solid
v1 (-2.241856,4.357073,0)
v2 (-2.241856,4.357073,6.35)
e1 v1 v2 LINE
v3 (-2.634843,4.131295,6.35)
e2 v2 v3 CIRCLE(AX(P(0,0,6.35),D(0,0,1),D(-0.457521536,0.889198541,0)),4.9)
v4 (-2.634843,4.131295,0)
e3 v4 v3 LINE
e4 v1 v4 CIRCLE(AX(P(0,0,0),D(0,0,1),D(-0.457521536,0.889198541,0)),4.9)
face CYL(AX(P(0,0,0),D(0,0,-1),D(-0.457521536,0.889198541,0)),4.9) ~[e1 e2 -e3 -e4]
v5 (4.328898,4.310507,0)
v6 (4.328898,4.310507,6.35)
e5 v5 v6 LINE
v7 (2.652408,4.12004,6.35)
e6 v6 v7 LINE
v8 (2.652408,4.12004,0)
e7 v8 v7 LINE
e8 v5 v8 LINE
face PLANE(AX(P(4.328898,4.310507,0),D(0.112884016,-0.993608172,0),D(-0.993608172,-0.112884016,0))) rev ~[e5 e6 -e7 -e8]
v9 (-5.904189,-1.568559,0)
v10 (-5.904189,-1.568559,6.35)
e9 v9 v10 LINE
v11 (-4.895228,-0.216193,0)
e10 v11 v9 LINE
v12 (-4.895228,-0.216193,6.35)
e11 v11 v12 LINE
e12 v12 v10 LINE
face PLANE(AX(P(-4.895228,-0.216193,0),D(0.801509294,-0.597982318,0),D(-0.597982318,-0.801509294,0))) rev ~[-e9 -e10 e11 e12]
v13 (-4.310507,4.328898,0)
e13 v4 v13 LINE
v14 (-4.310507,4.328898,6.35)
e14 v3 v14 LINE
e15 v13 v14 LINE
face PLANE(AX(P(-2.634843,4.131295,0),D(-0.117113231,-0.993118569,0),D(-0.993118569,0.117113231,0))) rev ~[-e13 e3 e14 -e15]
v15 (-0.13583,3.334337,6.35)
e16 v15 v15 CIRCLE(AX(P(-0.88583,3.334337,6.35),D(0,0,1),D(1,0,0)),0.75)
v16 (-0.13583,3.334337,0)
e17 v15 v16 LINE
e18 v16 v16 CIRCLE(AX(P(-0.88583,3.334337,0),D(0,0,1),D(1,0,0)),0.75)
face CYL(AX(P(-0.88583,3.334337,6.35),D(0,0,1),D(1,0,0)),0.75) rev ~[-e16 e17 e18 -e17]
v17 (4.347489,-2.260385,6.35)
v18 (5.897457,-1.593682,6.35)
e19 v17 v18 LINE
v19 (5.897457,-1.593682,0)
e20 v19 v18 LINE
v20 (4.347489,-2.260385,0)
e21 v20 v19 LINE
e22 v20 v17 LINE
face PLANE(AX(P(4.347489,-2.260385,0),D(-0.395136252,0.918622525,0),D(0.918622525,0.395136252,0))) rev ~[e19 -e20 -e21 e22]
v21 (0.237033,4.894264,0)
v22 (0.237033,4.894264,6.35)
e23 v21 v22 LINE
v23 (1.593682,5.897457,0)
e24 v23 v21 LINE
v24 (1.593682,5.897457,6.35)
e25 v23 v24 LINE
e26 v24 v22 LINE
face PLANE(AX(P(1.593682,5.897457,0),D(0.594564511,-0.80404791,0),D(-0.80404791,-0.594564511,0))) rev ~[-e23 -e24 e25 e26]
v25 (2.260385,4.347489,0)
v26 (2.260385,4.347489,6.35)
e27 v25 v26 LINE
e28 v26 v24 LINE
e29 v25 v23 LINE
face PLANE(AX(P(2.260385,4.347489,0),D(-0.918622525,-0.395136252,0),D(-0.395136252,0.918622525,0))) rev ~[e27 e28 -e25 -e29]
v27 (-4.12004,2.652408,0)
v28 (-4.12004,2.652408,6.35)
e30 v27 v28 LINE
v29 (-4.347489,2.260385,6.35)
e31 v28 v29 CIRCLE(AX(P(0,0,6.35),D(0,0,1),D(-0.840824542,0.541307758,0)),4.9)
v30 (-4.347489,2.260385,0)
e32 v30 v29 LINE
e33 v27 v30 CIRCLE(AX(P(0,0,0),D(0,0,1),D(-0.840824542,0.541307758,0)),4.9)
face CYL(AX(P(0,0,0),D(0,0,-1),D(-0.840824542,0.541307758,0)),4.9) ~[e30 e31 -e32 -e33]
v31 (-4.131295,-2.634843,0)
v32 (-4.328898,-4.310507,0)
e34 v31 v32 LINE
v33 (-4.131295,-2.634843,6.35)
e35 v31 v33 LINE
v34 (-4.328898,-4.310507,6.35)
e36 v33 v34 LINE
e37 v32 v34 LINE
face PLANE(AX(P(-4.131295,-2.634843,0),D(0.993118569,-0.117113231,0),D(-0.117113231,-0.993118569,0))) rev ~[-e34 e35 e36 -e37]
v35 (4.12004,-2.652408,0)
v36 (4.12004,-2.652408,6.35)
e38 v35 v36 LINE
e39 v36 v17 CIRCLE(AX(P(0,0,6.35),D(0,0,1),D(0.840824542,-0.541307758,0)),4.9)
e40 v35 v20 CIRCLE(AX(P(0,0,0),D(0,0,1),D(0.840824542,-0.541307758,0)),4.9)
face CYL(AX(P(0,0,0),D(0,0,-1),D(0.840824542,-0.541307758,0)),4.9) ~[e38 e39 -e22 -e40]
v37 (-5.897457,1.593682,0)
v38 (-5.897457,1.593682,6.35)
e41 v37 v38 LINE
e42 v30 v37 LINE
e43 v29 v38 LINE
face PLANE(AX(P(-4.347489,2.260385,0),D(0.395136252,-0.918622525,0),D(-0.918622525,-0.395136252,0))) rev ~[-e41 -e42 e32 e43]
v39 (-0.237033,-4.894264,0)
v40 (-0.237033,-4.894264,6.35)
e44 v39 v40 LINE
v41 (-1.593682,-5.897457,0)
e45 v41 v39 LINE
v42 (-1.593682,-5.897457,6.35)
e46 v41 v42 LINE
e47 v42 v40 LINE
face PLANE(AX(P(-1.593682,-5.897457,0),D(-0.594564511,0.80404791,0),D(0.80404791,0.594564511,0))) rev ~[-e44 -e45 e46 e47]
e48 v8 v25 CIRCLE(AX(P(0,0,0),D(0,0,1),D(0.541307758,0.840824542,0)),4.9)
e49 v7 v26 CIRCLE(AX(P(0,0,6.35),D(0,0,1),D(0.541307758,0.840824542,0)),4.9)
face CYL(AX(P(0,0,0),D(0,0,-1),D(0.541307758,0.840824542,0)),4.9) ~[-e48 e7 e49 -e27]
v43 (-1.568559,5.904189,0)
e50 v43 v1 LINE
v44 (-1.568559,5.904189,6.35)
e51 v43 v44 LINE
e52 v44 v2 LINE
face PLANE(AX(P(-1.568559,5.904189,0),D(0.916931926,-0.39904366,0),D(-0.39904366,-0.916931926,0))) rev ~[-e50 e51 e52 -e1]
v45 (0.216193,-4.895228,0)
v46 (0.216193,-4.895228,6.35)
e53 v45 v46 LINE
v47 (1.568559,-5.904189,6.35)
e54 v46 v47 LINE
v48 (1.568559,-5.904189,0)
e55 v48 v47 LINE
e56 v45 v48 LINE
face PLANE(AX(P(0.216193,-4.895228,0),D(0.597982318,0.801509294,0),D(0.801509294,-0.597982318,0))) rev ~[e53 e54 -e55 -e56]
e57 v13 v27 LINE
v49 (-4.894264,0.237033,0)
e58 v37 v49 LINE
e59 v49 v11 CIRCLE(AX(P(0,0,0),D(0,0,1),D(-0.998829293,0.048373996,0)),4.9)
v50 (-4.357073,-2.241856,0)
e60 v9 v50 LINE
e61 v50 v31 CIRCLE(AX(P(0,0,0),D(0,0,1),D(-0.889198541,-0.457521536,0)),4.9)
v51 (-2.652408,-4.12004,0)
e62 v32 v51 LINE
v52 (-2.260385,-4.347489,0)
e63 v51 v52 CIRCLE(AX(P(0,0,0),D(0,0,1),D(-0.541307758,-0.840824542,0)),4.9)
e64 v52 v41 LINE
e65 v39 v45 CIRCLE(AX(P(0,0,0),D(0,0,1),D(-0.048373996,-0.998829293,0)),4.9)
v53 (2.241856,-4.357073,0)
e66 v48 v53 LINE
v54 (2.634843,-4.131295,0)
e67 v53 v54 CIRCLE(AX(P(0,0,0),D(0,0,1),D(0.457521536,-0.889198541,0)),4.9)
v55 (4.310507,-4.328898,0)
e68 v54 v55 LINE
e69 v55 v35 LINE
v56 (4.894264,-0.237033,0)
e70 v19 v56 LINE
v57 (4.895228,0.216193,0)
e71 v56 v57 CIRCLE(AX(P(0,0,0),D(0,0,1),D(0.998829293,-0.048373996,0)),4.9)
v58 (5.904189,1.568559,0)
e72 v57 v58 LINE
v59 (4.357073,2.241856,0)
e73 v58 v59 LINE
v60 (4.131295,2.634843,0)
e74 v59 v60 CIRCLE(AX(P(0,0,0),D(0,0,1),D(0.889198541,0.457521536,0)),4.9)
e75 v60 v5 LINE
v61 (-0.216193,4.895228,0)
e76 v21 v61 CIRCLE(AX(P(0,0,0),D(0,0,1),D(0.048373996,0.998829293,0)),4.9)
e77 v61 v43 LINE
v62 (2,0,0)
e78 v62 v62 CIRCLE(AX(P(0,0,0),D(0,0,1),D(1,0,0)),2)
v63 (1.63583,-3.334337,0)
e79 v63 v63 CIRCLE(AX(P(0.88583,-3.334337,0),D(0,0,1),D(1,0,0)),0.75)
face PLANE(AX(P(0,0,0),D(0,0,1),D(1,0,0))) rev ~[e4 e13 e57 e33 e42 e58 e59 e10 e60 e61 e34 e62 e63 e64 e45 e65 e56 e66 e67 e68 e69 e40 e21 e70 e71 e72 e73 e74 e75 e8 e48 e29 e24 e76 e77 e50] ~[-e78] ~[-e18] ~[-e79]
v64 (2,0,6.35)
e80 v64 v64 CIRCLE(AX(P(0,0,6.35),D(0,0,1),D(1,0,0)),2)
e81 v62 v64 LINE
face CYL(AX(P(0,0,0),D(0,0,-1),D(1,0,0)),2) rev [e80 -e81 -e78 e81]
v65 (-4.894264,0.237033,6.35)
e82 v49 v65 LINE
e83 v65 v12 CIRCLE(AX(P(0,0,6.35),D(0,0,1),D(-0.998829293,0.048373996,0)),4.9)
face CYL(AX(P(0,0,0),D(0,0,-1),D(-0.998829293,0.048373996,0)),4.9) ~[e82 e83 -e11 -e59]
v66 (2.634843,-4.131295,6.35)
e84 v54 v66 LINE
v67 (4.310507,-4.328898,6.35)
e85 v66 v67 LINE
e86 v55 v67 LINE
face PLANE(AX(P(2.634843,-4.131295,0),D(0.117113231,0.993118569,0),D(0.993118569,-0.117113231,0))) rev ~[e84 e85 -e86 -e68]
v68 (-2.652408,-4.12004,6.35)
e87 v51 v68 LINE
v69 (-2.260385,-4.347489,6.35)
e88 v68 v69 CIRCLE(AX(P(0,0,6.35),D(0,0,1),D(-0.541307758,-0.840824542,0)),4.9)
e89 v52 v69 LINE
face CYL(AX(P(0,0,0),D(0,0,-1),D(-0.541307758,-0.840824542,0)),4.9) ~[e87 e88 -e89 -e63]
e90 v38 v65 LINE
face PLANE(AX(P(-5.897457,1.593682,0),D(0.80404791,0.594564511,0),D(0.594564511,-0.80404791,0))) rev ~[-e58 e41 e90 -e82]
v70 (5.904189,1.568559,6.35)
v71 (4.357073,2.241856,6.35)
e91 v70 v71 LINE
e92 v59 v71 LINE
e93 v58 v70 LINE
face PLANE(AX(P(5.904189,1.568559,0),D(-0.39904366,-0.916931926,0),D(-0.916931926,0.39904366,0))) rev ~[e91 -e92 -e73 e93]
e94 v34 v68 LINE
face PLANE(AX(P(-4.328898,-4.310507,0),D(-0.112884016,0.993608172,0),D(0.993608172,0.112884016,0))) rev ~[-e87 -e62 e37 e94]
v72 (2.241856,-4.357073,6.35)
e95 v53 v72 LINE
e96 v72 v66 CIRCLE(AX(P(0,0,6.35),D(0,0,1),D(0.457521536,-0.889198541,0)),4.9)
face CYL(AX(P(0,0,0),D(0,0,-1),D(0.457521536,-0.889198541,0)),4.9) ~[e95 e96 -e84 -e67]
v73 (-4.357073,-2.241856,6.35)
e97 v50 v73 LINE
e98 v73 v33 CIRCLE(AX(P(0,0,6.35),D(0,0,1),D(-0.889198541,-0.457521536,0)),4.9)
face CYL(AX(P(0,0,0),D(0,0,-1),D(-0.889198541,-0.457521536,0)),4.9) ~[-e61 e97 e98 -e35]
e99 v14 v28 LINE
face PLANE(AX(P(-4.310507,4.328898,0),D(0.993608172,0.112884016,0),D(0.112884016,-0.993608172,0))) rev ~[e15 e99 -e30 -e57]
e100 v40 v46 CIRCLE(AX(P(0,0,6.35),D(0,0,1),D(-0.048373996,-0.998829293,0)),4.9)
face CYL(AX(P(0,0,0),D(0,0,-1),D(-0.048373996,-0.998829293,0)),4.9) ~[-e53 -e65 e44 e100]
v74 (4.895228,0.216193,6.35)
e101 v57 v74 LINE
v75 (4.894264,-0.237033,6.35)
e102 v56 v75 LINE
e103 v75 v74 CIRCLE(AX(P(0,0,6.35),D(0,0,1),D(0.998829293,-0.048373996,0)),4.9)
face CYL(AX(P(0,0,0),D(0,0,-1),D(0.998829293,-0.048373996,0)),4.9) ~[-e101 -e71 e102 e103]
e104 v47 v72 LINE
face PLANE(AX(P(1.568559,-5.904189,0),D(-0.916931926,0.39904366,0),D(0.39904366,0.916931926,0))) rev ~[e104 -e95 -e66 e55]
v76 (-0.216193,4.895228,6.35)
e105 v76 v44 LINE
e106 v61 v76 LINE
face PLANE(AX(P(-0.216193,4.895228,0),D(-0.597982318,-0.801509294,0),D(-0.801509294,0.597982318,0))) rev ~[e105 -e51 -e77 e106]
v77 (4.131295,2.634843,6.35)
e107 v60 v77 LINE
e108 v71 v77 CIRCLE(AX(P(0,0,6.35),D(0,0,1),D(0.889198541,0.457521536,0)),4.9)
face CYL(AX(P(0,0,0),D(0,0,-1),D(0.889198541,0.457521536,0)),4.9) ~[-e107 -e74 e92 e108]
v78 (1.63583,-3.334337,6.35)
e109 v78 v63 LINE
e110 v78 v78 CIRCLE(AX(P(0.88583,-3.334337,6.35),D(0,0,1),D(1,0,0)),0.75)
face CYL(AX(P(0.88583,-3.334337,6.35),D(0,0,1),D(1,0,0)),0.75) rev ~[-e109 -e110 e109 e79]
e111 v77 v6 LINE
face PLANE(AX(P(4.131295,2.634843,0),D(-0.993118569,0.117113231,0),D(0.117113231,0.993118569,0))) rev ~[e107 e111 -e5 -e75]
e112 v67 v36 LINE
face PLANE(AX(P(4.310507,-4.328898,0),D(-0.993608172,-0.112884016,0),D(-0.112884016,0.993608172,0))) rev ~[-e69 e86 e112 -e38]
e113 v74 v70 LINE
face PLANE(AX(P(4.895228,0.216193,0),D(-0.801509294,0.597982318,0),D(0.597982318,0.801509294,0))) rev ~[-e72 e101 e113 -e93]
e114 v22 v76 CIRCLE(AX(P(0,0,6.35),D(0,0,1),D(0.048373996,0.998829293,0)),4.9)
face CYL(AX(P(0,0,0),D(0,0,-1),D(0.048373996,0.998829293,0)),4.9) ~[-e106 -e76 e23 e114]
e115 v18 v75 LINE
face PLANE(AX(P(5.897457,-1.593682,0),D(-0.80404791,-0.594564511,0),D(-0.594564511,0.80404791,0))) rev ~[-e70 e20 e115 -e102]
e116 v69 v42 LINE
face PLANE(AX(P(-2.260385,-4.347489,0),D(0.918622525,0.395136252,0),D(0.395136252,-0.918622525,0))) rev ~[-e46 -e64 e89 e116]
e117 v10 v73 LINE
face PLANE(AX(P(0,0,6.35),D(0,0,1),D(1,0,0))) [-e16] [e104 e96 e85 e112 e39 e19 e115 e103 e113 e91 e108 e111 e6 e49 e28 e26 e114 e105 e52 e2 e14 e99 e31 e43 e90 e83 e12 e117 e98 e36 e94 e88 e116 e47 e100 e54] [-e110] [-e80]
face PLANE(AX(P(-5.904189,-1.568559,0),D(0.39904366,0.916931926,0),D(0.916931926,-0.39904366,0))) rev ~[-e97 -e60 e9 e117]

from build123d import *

# Parameters (mm, degrees)
SKETCH2_R           = 2
BOSS_EXTRUDE1_DEPTH = 6.35
SKETCH3_R           = 0.75
CUT_EXTRUDE1_DEPTH  = 11.490061241


with BuildPart() as part:
    # Sketch2 → Boss-Extrude1 (new body)
    with BuildSketch(Plane.XY):
        with BuildLine():
            Line((-5.904188549, -1.568559405), (-4.357072845, -2.241855531))
            ThreePointArc((-4.357072845, -2.241855531), (-4.248730253, -2.44096113), (-4.131295421, -2.634843097))
            Line((-4.131295421, -2.634843097), (-4.328897569, -4.310506566))
            Line((-4.328897569, -4.310506566), (-2.652408005, -4.120040264))
            ThreePointArc((-2.652408005, -4.120040264), (-2.459027768, -4.238299475), (-2.260385237, -4.347488767))
            Line((-2.260385237, -4.347488767), (-1.593681982, -5.897456974))
            Line((-1.593681982, -5.897456974), (-0.237032582, -4.894263536))
            ThreePointArc((-0.237032582, -4.894263536), (-0.010430778, -4.899988898), (0.216193347, -4.895228333))
            Line((0.216193347, -4.895228333), (1.568559405, -5.904188549))
            Line((1.568559405, -5.904188549), (2.241855531, -4.357072845))
            ThreePointArc((2.241855531, -4.357072845), (2.44096113, -4.248730253), (2.634843097, -4.131295421))
            Line((2.634843097, -4.131295421), (4.310506566, -4.328897569))
            Line((4.310506566, -4.328897569), (4.120040264, -2.652408005))
            ThreePointArc((4.120040264, -2.652408005), (4.238299475, -2.459027768), (4.347488767, -2.260385237))
            Line((4.347488767, -2.260385237), (5.897456974, -1.593681982))
            Line((5.897456974, -1.593681982), (4.894263536, -0.237032582))
            ThreePointArc((4.894263536, -0.237032582), (4.899988898, -0.010430778), (4.895228333, 0.216193347))
            Line((4.895228333, 0.216193347), (5.904188549, 1.568559405))
            Line((5.904188549, 1.568559405), (4.357072845, 2.241855531))
            ThreePointArc((4.357072845, 2.241855531), (4.248730253, 2.44096113), (4.131295421, 2.634843097))
            Line((4.131295421, 2.634843097), (4.328897569, 4.310506566))
            Line((4.328897569, 4.310506566), (2.652408005, 4.120040264))
            ThreePointArc((2.652408005, 4.120040264), (2.459027768, 4.238299475), (2.260385237, 4.347488767))
            Line((2.260385237, 4.347488767), (1.593681982, 5.897456974))
            Line((1.593681982, 5.897456974), (0.237032582, 4.894263536))
            ThreePointArc((0.237032582, 4.894263536), (0.010430778, 4.899988898), (-0.216193347, 4.895228333))
            Line((-0.216193347, 4.895228333), (-1.568559405, 5.904188549))
            Line((-1.568559405, 5.904188549), (-2.241855531, 4.357072845))
            ThreePointArc((-2.241855531, 4.357072845), (-2.44096113, 4.248730253), (-2.634843097, 4.131295421))
            Line((-2.634843097, 4.131295421), (-4.310506566, 4.328897569))
            Line((-4.310506566, 4.328897569), (-4.120040264, 2.652408005))
            ThreePointArc((-4.120040264, 2.652408005), (-4.238299475, 2.459027768), (-4.347488767, 2.260385237))
            Line((-4.347488767, 2.260385237), (-5.897456974, 1.593681982))
            Line((-5.897456974, 1.593681982), (-4.894263536, 0.237032582))
            ThreePointArc((-4.894263536, 0.237032582), (-4.899988898, 0.010430778), (-4.895228333, -0.216193347))
            Line((-4.895228333, -0.216193347), (-5.904188549, -1.568559405))
        make_face()
        Circle(SKETCH2_R, mode=Mode.SUBTRACT)
    extrude(amount=BOSS_EXTRUDE1_DEPTH)

    # Sketch3 → Cut-Extrude1 (cut, through all)
    with BuildSketch(Plane.XY.offset(6.35)):
        with Locations((-0.885829808, 3.334337348)):
            Circle(SKETCH3_R)
        with Locations((0.885829808, -3.334337348)):
            Circle(SKETCH3_R)
    extrude(amount=-CUT_EXTRUDE1_DEPTH, mode=Mode.SUBTRACT)


solid = part.part
